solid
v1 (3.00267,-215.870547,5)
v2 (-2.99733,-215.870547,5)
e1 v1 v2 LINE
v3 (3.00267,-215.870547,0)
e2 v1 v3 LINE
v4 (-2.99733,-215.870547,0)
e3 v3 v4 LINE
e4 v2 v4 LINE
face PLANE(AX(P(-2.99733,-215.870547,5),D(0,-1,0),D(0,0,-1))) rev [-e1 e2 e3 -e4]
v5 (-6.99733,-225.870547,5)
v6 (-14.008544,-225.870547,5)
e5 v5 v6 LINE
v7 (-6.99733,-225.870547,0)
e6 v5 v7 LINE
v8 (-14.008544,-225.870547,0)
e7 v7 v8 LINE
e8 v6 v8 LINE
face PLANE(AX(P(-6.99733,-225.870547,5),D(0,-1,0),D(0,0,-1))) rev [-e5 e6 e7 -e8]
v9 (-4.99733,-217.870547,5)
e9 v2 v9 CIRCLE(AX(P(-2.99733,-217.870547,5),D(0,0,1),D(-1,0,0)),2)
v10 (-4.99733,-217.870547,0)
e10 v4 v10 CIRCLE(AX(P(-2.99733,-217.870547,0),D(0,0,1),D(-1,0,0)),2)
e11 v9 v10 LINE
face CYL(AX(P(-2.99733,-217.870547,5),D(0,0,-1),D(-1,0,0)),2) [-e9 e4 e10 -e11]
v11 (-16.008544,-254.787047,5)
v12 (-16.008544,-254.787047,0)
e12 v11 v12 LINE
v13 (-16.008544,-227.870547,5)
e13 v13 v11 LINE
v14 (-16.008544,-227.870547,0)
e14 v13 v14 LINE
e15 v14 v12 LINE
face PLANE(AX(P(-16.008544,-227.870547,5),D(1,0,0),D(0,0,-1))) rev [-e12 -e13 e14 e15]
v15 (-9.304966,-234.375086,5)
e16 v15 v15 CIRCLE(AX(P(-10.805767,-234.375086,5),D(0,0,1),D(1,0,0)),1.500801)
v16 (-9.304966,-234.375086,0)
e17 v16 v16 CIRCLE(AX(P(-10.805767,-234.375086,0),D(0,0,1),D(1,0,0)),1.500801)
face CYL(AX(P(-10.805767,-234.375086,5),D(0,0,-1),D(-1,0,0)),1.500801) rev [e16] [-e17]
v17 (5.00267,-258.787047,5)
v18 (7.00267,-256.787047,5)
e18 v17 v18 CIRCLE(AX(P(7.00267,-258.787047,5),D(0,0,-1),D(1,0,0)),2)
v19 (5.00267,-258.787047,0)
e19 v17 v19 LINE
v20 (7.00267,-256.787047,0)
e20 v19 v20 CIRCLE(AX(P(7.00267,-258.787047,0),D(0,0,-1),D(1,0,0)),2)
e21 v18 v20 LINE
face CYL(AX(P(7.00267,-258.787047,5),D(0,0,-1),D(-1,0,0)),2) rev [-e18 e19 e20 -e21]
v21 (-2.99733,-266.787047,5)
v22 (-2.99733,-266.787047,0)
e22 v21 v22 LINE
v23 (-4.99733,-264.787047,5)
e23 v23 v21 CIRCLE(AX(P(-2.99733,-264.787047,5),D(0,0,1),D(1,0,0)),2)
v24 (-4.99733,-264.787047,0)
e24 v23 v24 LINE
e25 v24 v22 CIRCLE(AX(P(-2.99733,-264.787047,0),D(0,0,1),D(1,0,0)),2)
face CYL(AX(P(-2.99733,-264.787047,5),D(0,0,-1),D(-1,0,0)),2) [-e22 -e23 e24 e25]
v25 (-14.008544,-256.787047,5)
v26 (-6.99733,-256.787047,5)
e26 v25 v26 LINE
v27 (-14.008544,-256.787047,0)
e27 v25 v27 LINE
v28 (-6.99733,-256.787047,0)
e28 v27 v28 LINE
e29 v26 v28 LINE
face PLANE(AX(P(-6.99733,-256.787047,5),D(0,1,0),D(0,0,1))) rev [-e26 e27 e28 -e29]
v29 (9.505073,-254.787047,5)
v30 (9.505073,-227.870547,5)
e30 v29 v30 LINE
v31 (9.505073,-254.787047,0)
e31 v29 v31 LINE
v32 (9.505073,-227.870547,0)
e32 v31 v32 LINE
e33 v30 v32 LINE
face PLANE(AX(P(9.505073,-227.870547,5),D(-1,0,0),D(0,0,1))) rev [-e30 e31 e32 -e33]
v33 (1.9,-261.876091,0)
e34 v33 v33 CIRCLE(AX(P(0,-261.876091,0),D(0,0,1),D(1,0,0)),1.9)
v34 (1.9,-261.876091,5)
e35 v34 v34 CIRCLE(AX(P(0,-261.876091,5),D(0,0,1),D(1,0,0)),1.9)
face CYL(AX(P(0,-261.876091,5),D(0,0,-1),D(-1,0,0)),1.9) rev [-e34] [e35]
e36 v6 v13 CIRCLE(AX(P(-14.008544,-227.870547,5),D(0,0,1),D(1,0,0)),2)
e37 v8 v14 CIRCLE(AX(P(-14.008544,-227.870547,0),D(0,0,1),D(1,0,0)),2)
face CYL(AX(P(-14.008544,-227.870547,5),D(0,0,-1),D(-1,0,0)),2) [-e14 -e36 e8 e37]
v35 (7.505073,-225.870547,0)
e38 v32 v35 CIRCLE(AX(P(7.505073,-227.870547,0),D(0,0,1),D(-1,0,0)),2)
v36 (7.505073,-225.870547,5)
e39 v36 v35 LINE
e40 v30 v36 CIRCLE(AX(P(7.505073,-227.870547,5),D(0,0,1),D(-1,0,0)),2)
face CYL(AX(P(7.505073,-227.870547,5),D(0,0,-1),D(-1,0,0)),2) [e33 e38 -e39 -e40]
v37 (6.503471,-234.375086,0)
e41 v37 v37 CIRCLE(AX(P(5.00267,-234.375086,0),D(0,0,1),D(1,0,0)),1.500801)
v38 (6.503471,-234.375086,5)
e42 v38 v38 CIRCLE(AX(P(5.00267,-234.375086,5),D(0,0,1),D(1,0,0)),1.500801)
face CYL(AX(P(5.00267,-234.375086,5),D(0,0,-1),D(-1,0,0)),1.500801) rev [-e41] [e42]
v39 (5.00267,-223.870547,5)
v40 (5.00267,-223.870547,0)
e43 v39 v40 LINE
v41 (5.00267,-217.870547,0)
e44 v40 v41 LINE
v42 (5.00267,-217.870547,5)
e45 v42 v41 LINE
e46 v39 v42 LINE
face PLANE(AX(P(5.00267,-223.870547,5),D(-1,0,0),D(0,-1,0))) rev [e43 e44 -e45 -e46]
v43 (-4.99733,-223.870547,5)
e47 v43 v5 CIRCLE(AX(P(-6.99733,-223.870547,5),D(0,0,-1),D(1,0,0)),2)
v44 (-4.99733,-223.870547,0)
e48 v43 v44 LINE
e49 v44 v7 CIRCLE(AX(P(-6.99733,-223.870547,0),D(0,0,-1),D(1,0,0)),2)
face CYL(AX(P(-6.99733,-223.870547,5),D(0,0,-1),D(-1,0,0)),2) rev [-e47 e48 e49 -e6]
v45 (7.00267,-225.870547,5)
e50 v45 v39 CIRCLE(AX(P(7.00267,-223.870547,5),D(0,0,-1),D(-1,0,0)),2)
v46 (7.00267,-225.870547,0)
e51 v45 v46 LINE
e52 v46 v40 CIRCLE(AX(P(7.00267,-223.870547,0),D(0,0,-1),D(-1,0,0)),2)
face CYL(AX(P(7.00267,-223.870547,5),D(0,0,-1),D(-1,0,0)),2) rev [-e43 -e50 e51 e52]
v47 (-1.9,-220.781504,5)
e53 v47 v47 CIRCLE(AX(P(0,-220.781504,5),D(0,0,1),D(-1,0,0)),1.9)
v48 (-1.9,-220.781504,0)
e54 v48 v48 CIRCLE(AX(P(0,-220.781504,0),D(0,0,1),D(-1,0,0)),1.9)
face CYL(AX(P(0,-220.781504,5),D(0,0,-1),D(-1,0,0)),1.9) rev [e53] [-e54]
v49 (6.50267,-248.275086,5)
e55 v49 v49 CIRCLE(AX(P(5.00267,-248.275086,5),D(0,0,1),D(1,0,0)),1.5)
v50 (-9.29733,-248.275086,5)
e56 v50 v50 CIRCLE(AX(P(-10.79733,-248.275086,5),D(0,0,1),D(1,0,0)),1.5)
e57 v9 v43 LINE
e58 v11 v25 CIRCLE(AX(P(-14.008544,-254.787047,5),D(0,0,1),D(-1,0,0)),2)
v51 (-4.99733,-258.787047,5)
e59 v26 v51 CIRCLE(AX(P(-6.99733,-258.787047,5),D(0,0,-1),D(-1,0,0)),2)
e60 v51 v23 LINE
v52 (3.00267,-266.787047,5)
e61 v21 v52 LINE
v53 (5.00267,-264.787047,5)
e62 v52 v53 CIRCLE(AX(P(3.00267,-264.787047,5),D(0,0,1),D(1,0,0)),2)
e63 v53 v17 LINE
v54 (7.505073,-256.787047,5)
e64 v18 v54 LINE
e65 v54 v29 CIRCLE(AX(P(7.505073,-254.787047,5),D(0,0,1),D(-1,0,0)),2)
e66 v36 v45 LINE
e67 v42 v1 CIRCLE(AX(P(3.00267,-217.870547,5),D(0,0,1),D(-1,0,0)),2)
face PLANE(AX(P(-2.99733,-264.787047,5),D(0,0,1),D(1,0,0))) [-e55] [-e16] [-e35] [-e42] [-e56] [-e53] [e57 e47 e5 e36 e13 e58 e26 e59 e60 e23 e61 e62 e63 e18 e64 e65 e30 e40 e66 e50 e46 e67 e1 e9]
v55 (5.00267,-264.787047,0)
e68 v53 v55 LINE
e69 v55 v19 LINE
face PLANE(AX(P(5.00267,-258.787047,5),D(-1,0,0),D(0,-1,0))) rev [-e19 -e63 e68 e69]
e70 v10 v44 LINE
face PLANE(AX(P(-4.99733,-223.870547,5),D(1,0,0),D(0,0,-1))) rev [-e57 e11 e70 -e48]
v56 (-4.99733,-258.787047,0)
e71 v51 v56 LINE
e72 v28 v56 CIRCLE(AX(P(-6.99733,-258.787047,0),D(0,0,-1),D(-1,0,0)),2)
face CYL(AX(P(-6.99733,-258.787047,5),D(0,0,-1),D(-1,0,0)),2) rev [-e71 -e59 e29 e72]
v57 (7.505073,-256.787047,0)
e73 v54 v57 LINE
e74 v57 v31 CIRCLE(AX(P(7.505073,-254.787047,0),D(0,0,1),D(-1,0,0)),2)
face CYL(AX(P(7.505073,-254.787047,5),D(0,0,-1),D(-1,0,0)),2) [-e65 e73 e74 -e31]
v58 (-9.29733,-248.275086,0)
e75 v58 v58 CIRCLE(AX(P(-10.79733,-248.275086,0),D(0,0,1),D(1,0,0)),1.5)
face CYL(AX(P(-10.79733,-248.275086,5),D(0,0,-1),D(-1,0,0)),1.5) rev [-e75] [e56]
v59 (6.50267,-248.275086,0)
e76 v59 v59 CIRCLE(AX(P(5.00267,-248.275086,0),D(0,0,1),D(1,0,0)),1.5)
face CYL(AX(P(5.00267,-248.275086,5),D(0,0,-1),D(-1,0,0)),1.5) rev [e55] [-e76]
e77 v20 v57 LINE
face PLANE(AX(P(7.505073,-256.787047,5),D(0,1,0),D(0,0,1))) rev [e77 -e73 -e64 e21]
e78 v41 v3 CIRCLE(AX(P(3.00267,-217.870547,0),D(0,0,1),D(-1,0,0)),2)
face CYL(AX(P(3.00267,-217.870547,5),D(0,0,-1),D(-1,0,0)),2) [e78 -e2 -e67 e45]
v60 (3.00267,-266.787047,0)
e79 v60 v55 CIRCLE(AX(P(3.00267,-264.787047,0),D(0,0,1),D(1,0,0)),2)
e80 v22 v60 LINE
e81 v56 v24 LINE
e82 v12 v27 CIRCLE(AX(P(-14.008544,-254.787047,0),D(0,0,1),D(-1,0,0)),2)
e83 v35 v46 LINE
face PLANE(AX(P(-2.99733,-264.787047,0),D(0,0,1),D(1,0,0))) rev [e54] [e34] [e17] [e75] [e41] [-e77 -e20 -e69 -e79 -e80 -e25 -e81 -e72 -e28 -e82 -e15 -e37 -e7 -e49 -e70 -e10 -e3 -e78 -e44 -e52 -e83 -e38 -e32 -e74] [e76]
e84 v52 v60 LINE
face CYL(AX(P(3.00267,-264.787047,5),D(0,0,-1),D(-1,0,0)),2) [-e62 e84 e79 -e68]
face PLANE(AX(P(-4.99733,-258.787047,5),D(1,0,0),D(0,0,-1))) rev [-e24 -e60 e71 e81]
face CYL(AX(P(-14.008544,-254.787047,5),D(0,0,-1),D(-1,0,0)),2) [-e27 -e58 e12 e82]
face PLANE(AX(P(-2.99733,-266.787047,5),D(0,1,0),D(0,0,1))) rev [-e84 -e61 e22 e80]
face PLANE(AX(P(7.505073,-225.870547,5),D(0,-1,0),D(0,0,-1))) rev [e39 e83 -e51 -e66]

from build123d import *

# Parameters (mm, degrees)
SKETCH1_R           = 1.9
SKETCH1_R_2         = 1.500800978
SKETCH1_R_3         = 1.5
BOSS_EXTRUDE1_DEPTH = 5


with BuildPart() as part:
    # Sketch1 → Boss-Extrude1 (new body)
    with BuildSketch(Plane.XY):
        with BuildLine():
            Line((-6.997330295, -256.787047369), (-14.00854399, -256.787047369))
            ThreePointArc((-14.00854399, -256.787047369), (-15.422757553, -256.201260932), (-16.00854399, -254.787047369))
            Line((-16.00854399, -254.787047369), (-16.00854399, -227.870547218))
            ThreePointArc((-16.00854399, -227.870547218), (-15.422757553, -226.456333656), (-14.00854399, -225.870547218))
            Line((-14.00854399, -225.870547218), (-6.997330295, -225.870547218))
            ThreePointArc((-6.997330295, -225.870547218), (-5.583116733, -225.284760781), (-4.997330295, -223.870547218))
            Line((-4.997330295, -223.870547218), (-4.997330295, -217.870547218))
            ThreePointArc((-4.997330295, -217.870547218), (-4.411543858, -216.456333656), (-2.997330295, -215.870547218))
            Line((-2.997330295, -215.870547218), (3.002669705, -215.870547218))
            ThreePointArc((3.002669705, -215.870547218), (4.416883267, -216.456333656), (5.002669705, -217.870547218))
            Line((5.002669705, -217.870547218), (5.002669705, -223.870547218))
            ThreePointArc((5.002669705, -223.870547218), (5.588456142, -225.284760781), (7.002669705, -225.870547218))
            Line((7.002669705, -225.870547218), (7.505072862, -225.870547218))
            ThreePointArc((7.505072862, -225.870547218), (8.919286424, -226.456333656), (9.505072862, -227.870547218))
            Line((9.505072862, -227.870547218), (9.505072862, -254.787047369))
            ThreePointArc((9.505072862, -254.787047369), (8.919286424, -256.201260932), (7.505072862, -256.787047369))
            Line((7.505072862, -256.787047369), (7.002669705, -256.787047369))
            ThreePointArc((7.002669705, -256.787047369), (5.588456142, -257.372833807), (5.002669705, -258.787047369))
            Line((5.002669705, -258.787047369), (5.002669705, -264.787047369))
            ThreePointArc((5.002669705, -264.787047369), (4.416883267, -266.201260932), (3.002669705, -266.787047369))
            Line((3.002669705, -266.787047369), (-2.997330295, -266.787047369))
            ThreePointArc((-2.997330295, -266.787047369), (-4.411543858, -266.201260932), (-4.997330295, -264.787047369))
            Line((-4.997330295, -264.787047369), (-4.997330295, -258.787047369))
            ThreePointArc((-4.997330295, -258.787047369), (-5.583116733, -257.372833807), (-6.997330295, -256.787047369))
        make_face()
        with Locations((0, -261.876090751)):
            Circle(SKETCH1_R, mode=Mode.SUBTRACT)
        with Locations((5.002669705, -234.375086095)):
            Circle(SKETCH1_R_2, mode=Mode.SUBTRACT)
        with Locations((-10.805767266, -234.375086095)):
            Circle(SKETCH1_R_2, mode=Mode.SUBTRACT)
        with Locations(Location((0, -220.781503837, 0), (0, 0, 180))):
            Circle(SKETCH1_R, mode=Mode.SUBTRACT)
        with Locations((5.002669705, -248.275086095)):
            Circle(SKETCH1_R_3, mode=Mode.SUBTRACT)
        with Locations((-10.797330295, -248.275086095)):
            Circle(SKETCH1_R_3, mode=Mode.SUBTRACT)
    extrude(amount=BOSS_EXTRUDE1_DEPTH)


solid = part.part
